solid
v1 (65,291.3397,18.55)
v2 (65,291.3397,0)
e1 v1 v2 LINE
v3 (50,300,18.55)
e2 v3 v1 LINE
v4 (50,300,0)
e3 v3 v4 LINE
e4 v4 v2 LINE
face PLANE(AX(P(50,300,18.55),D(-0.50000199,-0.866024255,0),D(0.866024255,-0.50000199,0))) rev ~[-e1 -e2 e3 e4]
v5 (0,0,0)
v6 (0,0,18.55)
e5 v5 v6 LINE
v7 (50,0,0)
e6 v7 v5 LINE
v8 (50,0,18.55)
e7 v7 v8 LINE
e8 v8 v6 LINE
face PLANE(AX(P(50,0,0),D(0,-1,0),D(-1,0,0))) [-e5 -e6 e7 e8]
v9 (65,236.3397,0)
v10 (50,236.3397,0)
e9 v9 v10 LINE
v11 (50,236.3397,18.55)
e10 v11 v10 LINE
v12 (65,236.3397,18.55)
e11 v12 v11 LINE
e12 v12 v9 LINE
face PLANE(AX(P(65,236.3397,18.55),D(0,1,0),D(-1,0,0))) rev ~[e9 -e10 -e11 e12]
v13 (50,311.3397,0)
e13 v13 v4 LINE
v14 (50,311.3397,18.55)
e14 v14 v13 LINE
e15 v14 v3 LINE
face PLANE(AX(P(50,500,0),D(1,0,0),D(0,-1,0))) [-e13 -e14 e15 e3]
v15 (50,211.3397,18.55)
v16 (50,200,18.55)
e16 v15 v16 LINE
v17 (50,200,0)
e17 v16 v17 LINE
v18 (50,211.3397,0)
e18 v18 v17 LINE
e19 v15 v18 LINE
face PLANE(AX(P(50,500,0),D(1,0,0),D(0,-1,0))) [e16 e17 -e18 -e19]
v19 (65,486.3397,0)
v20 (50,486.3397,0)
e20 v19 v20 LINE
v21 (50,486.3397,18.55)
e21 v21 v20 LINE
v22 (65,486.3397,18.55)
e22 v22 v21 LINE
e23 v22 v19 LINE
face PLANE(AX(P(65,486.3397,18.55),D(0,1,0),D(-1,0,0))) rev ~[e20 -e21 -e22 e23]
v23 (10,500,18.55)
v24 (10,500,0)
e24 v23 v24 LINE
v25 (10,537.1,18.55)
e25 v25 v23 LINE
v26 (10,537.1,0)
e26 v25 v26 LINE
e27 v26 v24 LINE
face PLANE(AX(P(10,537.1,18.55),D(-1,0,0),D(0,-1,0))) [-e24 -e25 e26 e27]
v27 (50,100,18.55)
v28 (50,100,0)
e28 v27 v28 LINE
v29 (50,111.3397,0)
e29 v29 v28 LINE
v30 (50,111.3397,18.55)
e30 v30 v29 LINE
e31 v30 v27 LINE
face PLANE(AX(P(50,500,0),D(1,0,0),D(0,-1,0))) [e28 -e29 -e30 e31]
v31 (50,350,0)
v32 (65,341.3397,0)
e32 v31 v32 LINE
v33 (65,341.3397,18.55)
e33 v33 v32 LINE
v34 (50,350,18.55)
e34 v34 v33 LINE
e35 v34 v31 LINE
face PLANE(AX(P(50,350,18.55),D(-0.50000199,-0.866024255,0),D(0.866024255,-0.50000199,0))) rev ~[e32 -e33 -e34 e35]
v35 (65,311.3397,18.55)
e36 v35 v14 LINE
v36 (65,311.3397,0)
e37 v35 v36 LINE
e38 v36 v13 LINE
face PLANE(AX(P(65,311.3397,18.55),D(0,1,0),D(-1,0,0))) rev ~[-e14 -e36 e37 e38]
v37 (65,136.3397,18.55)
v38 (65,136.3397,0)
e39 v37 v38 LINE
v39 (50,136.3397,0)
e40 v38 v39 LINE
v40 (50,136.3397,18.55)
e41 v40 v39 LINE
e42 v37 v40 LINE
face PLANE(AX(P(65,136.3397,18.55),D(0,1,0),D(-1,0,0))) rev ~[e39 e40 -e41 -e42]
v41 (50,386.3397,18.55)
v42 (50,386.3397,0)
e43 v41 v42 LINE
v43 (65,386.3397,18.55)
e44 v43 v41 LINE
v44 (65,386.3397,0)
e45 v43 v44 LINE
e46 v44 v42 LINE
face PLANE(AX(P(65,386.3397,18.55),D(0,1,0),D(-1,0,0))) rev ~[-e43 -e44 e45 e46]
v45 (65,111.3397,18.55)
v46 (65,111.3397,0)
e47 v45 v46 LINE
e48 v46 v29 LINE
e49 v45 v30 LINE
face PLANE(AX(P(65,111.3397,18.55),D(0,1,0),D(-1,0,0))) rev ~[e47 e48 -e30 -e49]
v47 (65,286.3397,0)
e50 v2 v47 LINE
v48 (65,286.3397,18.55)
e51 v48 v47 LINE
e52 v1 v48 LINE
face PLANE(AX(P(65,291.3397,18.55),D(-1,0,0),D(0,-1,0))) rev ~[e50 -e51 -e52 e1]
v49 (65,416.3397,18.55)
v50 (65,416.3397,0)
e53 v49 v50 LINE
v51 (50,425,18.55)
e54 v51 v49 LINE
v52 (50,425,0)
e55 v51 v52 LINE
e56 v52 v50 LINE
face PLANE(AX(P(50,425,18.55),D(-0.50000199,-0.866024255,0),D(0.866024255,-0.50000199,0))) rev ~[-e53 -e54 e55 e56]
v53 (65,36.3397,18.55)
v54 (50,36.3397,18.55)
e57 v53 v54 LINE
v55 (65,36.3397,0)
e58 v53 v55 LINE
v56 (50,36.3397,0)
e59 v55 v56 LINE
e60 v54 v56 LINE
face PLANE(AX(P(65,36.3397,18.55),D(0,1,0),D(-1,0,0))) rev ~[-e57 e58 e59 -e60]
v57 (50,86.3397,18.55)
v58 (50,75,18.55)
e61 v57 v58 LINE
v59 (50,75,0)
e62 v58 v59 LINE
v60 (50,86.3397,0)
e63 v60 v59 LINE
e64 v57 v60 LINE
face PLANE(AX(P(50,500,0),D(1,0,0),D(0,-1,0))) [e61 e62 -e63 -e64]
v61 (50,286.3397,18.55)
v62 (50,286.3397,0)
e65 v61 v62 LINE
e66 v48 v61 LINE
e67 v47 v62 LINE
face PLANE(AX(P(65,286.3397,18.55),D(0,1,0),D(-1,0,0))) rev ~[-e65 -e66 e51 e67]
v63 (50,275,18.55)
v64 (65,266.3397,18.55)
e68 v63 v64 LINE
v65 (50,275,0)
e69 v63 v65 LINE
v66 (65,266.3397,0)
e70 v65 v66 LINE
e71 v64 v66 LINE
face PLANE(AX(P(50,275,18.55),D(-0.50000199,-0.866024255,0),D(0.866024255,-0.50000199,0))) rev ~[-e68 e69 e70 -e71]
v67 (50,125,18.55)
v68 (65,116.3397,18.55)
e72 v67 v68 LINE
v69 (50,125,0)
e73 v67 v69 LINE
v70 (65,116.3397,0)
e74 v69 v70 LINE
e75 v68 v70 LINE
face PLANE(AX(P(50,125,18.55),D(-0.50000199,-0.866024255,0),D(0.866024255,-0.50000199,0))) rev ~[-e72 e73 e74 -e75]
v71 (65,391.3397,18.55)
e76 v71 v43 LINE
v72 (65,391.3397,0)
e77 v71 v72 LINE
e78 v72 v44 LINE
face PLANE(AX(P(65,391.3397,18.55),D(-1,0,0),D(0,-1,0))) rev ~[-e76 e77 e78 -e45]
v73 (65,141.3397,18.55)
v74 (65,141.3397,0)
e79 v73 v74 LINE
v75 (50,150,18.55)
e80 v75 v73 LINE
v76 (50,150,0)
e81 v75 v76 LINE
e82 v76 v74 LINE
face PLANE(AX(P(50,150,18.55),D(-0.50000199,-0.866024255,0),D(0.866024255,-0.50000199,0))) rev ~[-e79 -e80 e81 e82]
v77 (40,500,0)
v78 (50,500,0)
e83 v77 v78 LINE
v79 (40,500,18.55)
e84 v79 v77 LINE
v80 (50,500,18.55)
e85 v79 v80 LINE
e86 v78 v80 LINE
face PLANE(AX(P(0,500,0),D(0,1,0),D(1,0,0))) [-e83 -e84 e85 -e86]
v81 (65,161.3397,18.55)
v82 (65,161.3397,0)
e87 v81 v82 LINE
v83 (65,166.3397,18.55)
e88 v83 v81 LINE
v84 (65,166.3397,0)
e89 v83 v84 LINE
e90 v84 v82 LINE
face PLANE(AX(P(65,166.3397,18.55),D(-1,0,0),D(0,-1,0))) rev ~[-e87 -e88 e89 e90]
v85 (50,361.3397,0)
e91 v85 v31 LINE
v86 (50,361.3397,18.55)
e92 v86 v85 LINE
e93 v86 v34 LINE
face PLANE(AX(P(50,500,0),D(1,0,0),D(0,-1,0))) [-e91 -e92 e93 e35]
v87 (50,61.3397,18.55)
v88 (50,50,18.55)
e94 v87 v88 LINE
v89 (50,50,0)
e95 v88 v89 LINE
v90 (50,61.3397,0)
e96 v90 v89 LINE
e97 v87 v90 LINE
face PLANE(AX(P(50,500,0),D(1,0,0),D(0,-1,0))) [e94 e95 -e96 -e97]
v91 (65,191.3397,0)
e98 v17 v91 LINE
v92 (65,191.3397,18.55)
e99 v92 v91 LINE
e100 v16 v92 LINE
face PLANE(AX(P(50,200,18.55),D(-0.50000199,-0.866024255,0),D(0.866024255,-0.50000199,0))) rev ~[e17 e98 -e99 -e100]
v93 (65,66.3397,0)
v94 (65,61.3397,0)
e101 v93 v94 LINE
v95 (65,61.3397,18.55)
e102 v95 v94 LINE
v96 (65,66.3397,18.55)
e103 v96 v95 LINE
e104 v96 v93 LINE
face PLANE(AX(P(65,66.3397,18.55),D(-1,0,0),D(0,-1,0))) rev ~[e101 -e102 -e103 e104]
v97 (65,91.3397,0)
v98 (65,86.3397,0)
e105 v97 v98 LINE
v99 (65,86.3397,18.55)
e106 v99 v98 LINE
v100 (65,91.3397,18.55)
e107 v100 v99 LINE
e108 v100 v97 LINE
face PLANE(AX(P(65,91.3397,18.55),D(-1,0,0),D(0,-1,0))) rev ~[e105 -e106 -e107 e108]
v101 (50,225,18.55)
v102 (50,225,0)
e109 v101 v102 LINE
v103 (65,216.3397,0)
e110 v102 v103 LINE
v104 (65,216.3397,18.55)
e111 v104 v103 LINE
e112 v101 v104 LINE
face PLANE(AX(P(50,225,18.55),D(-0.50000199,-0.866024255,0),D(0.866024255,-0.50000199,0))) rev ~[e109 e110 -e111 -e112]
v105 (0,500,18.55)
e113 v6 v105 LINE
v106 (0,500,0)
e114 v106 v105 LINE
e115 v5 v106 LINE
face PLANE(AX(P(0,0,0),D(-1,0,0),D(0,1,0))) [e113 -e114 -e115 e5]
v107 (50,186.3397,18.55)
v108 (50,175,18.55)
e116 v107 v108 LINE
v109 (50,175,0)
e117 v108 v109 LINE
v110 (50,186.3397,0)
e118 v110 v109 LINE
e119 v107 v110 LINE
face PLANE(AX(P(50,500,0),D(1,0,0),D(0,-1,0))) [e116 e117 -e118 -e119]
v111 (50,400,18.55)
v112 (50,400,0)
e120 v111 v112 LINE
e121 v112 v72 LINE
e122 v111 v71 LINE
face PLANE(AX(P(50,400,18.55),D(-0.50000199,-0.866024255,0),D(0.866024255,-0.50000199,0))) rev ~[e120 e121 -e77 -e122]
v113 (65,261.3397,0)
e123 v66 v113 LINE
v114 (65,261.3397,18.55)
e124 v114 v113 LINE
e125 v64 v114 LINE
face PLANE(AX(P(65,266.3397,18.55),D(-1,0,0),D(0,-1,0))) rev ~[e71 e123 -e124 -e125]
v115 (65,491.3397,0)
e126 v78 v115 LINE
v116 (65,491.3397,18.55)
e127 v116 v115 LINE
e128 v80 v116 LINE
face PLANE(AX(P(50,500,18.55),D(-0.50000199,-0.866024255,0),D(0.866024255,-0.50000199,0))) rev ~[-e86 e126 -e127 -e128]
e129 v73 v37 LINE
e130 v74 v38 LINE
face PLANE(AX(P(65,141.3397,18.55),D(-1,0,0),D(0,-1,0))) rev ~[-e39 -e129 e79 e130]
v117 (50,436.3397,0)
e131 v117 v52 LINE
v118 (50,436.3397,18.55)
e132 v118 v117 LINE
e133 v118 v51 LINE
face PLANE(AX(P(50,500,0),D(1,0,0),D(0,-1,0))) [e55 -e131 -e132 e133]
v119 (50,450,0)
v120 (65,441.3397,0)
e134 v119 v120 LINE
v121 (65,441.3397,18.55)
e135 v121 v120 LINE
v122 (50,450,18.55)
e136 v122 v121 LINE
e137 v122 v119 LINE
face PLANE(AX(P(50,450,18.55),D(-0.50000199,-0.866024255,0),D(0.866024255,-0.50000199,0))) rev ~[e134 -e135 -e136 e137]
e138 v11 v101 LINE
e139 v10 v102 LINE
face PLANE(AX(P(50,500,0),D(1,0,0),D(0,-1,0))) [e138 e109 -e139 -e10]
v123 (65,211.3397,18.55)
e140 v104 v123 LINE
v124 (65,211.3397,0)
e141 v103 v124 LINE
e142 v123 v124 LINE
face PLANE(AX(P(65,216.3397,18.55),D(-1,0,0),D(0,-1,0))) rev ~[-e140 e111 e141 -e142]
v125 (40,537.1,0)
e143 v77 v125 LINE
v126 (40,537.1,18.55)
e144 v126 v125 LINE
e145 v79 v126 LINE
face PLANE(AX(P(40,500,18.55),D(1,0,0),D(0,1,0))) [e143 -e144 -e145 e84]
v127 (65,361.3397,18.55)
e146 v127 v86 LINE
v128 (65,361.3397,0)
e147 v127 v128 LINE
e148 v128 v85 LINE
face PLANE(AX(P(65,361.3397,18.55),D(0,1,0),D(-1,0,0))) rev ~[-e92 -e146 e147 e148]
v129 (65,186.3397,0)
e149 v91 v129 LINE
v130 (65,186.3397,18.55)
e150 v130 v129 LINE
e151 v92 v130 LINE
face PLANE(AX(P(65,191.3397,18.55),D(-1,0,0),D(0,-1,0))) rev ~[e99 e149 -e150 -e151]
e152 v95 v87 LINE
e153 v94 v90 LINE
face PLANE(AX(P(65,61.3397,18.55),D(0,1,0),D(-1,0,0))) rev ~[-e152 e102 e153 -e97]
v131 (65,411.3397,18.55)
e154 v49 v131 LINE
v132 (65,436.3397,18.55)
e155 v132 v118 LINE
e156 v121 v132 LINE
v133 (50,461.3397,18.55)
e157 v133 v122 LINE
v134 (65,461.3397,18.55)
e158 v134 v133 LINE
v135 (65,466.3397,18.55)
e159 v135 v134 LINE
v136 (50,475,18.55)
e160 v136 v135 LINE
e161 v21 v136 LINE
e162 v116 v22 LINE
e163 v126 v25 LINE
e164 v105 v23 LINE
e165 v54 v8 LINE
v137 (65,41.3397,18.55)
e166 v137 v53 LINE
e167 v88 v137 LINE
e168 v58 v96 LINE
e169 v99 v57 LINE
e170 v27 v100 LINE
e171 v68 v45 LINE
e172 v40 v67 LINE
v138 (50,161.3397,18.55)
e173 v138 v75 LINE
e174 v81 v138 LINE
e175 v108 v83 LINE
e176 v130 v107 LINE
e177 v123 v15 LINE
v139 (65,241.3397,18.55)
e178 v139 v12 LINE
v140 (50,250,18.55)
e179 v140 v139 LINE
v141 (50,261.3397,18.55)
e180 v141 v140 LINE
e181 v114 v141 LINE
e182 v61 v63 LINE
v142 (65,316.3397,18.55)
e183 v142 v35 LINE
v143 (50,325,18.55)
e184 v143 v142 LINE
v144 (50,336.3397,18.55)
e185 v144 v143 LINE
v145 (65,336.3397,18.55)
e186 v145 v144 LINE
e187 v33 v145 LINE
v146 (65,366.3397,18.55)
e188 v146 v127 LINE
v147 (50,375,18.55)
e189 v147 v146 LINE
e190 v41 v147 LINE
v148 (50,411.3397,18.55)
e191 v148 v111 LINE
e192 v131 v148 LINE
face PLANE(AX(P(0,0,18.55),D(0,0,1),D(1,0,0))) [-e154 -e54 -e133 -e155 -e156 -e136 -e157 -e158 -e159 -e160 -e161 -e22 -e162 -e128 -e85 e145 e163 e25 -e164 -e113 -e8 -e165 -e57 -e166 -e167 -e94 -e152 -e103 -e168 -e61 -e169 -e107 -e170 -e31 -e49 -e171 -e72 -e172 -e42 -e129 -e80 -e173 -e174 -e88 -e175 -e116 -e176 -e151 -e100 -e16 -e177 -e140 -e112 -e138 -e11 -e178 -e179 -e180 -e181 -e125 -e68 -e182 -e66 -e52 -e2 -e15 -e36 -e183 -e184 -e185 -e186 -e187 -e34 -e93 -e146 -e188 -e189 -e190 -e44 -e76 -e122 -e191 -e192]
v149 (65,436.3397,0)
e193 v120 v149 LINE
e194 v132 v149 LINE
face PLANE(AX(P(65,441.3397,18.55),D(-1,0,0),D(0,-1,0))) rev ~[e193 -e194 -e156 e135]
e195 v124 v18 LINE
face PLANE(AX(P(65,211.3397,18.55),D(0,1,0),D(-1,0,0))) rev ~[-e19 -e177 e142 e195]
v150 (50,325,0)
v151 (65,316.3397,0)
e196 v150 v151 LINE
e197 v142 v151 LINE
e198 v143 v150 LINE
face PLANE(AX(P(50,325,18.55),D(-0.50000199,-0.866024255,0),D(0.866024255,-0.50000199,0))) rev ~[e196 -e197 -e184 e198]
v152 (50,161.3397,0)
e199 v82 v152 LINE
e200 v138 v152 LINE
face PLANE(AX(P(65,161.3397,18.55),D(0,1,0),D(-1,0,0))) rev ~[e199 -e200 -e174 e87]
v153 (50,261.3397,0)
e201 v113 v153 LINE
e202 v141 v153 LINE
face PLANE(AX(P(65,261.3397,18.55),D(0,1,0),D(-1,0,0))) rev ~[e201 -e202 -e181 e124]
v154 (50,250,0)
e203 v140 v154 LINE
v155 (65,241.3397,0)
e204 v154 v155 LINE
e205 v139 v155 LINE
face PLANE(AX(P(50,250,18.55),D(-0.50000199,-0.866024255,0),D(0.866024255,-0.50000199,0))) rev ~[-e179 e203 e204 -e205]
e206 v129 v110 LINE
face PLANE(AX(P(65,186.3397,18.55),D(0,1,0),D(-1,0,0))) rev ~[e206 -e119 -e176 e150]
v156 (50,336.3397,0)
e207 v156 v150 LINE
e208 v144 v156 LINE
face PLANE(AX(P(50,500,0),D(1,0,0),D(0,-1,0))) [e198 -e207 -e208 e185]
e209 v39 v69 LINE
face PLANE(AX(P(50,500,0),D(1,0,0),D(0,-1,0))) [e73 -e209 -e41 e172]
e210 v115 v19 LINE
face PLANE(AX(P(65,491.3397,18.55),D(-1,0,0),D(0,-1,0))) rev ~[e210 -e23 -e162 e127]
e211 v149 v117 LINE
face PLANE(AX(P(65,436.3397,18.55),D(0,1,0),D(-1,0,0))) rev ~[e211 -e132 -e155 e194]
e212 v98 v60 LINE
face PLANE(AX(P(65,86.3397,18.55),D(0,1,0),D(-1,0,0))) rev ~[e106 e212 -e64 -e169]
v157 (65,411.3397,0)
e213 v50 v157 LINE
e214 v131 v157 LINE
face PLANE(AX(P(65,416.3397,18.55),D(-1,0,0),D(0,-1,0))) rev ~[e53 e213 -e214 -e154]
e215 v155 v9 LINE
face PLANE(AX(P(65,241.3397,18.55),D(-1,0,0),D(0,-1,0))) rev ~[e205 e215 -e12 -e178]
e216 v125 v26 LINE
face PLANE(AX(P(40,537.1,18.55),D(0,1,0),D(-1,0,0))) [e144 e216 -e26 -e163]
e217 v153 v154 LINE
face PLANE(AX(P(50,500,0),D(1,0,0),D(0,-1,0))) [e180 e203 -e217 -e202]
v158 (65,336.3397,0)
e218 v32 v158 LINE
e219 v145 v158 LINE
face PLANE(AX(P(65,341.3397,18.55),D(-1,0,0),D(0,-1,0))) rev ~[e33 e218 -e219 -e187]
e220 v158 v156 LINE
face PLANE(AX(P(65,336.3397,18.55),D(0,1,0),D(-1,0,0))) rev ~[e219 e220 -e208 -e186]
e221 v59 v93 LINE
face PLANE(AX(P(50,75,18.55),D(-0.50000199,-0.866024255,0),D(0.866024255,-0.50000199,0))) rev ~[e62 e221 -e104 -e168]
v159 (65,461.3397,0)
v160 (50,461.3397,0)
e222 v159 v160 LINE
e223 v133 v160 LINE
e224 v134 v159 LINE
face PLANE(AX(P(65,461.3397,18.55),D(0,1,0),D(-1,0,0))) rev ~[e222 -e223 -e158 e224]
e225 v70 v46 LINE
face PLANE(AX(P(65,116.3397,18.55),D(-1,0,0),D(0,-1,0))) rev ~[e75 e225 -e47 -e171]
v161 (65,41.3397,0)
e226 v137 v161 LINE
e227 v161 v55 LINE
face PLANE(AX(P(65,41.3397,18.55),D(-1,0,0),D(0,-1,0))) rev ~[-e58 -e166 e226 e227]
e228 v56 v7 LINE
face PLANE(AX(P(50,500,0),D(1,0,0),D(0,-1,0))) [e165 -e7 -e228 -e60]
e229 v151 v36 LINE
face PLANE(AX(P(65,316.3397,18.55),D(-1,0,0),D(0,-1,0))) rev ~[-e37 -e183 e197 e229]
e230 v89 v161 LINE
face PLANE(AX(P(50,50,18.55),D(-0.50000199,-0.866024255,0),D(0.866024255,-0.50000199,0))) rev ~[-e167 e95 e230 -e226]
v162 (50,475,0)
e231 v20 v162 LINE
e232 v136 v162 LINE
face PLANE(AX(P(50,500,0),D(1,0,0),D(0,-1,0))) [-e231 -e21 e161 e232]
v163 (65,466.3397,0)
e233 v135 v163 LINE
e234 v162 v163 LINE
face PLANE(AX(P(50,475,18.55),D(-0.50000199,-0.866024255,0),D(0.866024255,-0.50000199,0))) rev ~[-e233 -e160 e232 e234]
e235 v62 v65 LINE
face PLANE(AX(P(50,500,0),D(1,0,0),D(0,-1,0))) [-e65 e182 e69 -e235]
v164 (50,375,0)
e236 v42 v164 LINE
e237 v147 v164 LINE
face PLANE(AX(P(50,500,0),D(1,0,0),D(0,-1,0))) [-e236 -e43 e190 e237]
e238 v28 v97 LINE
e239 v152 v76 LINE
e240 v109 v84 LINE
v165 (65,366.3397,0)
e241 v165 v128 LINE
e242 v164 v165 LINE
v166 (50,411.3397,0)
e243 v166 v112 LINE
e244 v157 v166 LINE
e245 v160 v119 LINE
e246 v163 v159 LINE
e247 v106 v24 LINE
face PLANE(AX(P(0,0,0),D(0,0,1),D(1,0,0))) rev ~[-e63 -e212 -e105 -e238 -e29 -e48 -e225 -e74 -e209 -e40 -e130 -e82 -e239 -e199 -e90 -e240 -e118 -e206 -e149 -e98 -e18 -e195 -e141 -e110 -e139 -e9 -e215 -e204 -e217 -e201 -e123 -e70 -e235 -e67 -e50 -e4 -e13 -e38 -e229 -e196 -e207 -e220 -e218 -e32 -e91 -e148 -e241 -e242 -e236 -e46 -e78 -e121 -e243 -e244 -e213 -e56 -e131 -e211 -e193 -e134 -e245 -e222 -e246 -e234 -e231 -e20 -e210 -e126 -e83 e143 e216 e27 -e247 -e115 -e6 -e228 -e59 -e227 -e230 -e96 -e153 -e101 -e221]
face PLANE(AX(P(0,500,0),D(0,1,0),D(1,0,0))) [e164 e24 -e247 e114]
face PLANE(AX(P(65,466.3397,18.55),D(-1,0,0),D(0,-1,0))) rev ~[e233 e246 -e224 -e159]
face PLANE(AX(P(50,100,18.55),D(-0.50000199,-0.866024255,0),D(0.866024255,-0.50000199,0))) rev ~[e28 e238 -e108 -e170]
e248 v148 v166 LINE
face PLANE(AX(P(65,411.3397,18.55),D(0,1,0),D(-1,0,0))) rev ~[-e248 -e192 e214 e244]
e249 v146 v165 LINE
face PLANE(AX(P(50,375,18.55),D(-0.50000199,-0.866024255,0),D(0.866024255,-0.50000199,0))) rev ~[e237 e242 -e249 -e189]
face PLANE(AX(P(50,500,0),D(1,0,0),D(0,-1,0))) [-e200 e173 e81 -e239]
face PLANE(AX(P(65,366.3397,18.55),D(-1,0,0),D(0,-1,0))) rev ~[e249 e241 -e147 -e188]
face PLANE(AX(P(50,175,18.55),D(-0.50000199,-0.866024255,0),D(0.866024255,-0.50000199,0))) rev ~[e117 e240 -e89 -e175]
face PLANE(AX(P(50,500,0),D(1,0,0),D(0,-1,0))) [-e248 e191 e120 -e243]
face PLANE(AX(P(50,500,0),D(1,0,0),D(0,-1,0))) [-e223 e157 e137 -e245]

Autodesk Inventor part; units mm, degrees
ref_plane "YZ Plane" through (0, 0, 0) normal (1, 0, 0) x (0, 1, 0)
ref_plane "XZ Plane" through (0, 0, 0) normal (0, 1, 0) x (-1, 0, 0)
ref_plane "XY Plane" through (0, 0, 0) normal (0, 0, 1) x (1, 0, 0)
sketch "Sketch4" plane through (0, 0, 0) normal (0, 0, 1) x (1, 0, 0)
  line L0 (0, 500) -> (50, 500)
  line L1 (50, 500) -> (50, 0)
  line L2 (50, 0) -> (0, 0)
  line L3 (0, 0) -> (0, 500)
  dimension "d31" = 50
  dimension "d32" = 500
extrude "Extrusion1" add sketch "Sketch4" along normal blind 18.55
sketch "Sketch5" plane through (0, 0, 18.55) normal (0, 0, 1) x (1, 0, 0)
  line L0 (50, 500) -> (0, 500) projected
  line L1 (10, 500) -> (40, 500)
  line L2 (40, 500) -> (40, 537.1)
  line L3 (40, 537.1) -> (10, 537.1)
  line L4 (10, 537.1) -> (10, 500)
  line L5 (0, 500) -> (0, 0) projected
  line L6 (50, 0) -> (50, 500) projected
  dimension "d46" = 10
  dimension "d47" = 10
  dimension "d48" = 37.1
extrude "Extrusion2" add sketch "Sketch5" against normal blind 18.55
sketch "Sketch6" plane through (0, 0, 18.55) normal (0, 0, 1) x (1, 0, 0)
  line L0 (50, 500) -> (65, 491.3397)
  line L1 (65, 491.3397) -> (65, 486.3397)
  line L2 (65, 486.3397) -> (50, 486.3397)
  line L3 (50, 500) -> (40, 500) projected
  line L4 (40, 500) -> (50, 500) projected
  line L5 (50, 500) -> (50, 486.3397)
  line L6 (50, 0) -> (50, 500) projected
  line L7 (50, 475) -> (65, 466.3397)
  line L8 (65, 466.3397) -> (65, 461.3397)
  line L9 (65, 461.3397) -> (50, 461.3397)
  line L10 (50, 475) -> (50, 461.3397)
  line L11 (50, 450) -> (65, 441.3397)
  line L12 (65, 441.3397) -> (65, 436.3397)
  line L13 (65, 436.3397) -> (50, 436.3397)
  line L14 (50, 450) -> (50, 436.3397)
  line L15 (50, 425) -> (65, 416.3397)
  line L16 (65, 416.3397) -> (65, 411.3397)
  line L17 (65, 411.3397) -> (50, 411.3397)
  line L18 (50, 425) -> (50, 411.3397)
  line L19 (50, 400) -> (65, 391.3397)
  line L20 (65, 391.3397) -> (65, 386.3397)
  line L21 (65, 386.3397) -> (50, 386.3397)
  line L22 (50, 400) -> (50, 386.3397)
  line L23 (50, 375) -> (65, 366.3397)
  line L24 (65, 366.3397) -> (65, 361.3397)
  line L25 (65, 361.3397) -> (50, 361.3397)
  line L26 (50, 375) -> (50, 361.3397)
  line L27 (50, 350) -> (65, 341.3397)
  line L28 (65, 341.3397) -> (65, 336.3397)
  line L29 (65, 336.3397) -> (50, 336.3397)
  line L30 (50, 350) -> (50, 336.3397)
  line L31 (50, 325) -> (65, 316.3397)
  line L32 (65, 316.3397) -> (65, 311.3397)
  line L33 (65, 311.3397) -> (50, 311.3397)
  line L34 (50, 325) -> (50, 311.3397)
  line L35 (50, 300) -> (65, 291.3397)
  line L36 (65, 291.3397) -> (65, 286.3397)
  line L37 (65, 286.3397) -> (50, 286.3397)
  line L38 (50, 300) -> (50, 286.3397)
  line L39 (50, 275) -> (65, 266.3397)
  line L40 (65, 266.3397) -> (65, 261.3397)
  line L41 (65, 261.3397) -> (50, 261.3397)
  line L42 (50, 275) -> (50, 261.3397)
  line L43 (50, 250) -> (65, 241.3397)
  line L44 (65, 241.3397) -> (65, 236.3397)
  line L45 (65, 236.3397) -> (50, 236.3397)
  line L46 (50, 250) -> (50, 236.3397)
  line L47 (50, 225) -> (65, 216.3397)
  line L48 (65, 216.3397) -> (65, 211.3397)
  line L49 (65, 211.3397) -> (50, 211.3397)
  line L50 (50, 225) -> (50, 211.3397)
  line L51 (50, 200) -> (65, 191.3397)
  line L52 (65, 191.3397) -> (65, 186.3397)
  line L53 (65, 186.3397) -> (50, 186.3397)
  line L54 (50, 200) -> (50, 186.3397)
  line L55 (50, 175) -> (65, 166.3397)
  line L56 (65, 166.3397) -> (65, 161.3397)
  line L57 (65, 161.3397) -> (50, 161.3397)
  line L58 (50, 175) -> (50, 161.3397)
  line L59 (50, 150) -> (65, 141.3397)
  line L60 (65, 141.3397) -> (65, 136.3397)
  line L61 (65, 136.3397) -> (50, 136.3397)
  line L62 (50, 150) -> (50, 136.3397)
  line L63 (50, 125) -> (65, 116.3397)
  line L64 (65, 116.3397) -> (65, 111.3397)
  line L65 (65, 111.3397) -> (50, 111.3397)
  line L66 (50, 125) -> (50, 111.3397)
  line L67 (50, 100) -> (65, 91.3397)
  line L68 (65, 91.3397) -> (65, 86.3397)
  line L69 (65, 86.3397) -> (50, 86.3397)
  line L70 (50, 100) -> (50, 86.3397)
  line L71 (50, 75) -> (65, 66.3397)
  line L72 (65, 66.3397) -> (65, 61.3397)
  line L73 (65, 61.3397) -> (50, 61.3397)
  line L74 (50, 75) -> (50, 61.3397)
  line L75 (50, 50) -> (65, 41.3397)
  line L76 (65, 41.3397) -> (65, 36.3397)
  line L77 (65, 36.3397) -> (50, 36.3397)
  line L78 (50, 50) -> (50, 36.3397)
  line L79 (50, 25) -> (65, 16.3397)
  line L80 (65, 16.3397) -> (65, 11.3397)
  line L81 (65, 11.3397) -> (50, 11.3397)
  line L82 (50, 25) -> (50, 11.3397)
  point P0 (0, 0)
  point P1 (40, 475)
  point P2 (40, 450)
  point P3 (40, 425)
  point P4 (40, 400)
  point P5 (40, 375)
  point P6 (40, 350)
  point P7 (40, 325)
  point P8 (40, 300)
  point P9 (40, 275)
  point P10 (40, 250)
  point P11 (40, 225)
  point P12 (40, 200)
  point P13 (40, 175)
  point P14 (40, 150)
  point P15 (40, 125)
  point P16 (40, 100)
  point P17 (40, 75)
  point P18 (40, 50)
  point P19 (40, 25)
  dimension "d49" = 15
  dimension "d50" = 30
  dimension "d51" = 5
  dimension "d54" = 25
extrude "Extrusion3" add sketch "Sketch6" against normal blind 18.55 contours L75 L76 L77 L6 | L71 L72 L73 L6 | L67 L68 L69 L6 | L63 L64 L65 L6 | L59 L60 L61 L6 | L55 L56 L57 L6 | L51 L52 L53 L6 | L47 L48 L49 L6 | L43 L44 L45 L6 | L39 L40 L41 L6 | L35 L36 L37 L6 | L31 L32 L33 L6 | L27 L28 L29 L6 | L23 L24 L25 L6 | L19 L20 L21 L6 | L15 L16 L17 L6 | L11 L12 L13 L6 | L7 L8 L9 L6 | L0 L1 L2 L5
properties part number "graduated_foot"
